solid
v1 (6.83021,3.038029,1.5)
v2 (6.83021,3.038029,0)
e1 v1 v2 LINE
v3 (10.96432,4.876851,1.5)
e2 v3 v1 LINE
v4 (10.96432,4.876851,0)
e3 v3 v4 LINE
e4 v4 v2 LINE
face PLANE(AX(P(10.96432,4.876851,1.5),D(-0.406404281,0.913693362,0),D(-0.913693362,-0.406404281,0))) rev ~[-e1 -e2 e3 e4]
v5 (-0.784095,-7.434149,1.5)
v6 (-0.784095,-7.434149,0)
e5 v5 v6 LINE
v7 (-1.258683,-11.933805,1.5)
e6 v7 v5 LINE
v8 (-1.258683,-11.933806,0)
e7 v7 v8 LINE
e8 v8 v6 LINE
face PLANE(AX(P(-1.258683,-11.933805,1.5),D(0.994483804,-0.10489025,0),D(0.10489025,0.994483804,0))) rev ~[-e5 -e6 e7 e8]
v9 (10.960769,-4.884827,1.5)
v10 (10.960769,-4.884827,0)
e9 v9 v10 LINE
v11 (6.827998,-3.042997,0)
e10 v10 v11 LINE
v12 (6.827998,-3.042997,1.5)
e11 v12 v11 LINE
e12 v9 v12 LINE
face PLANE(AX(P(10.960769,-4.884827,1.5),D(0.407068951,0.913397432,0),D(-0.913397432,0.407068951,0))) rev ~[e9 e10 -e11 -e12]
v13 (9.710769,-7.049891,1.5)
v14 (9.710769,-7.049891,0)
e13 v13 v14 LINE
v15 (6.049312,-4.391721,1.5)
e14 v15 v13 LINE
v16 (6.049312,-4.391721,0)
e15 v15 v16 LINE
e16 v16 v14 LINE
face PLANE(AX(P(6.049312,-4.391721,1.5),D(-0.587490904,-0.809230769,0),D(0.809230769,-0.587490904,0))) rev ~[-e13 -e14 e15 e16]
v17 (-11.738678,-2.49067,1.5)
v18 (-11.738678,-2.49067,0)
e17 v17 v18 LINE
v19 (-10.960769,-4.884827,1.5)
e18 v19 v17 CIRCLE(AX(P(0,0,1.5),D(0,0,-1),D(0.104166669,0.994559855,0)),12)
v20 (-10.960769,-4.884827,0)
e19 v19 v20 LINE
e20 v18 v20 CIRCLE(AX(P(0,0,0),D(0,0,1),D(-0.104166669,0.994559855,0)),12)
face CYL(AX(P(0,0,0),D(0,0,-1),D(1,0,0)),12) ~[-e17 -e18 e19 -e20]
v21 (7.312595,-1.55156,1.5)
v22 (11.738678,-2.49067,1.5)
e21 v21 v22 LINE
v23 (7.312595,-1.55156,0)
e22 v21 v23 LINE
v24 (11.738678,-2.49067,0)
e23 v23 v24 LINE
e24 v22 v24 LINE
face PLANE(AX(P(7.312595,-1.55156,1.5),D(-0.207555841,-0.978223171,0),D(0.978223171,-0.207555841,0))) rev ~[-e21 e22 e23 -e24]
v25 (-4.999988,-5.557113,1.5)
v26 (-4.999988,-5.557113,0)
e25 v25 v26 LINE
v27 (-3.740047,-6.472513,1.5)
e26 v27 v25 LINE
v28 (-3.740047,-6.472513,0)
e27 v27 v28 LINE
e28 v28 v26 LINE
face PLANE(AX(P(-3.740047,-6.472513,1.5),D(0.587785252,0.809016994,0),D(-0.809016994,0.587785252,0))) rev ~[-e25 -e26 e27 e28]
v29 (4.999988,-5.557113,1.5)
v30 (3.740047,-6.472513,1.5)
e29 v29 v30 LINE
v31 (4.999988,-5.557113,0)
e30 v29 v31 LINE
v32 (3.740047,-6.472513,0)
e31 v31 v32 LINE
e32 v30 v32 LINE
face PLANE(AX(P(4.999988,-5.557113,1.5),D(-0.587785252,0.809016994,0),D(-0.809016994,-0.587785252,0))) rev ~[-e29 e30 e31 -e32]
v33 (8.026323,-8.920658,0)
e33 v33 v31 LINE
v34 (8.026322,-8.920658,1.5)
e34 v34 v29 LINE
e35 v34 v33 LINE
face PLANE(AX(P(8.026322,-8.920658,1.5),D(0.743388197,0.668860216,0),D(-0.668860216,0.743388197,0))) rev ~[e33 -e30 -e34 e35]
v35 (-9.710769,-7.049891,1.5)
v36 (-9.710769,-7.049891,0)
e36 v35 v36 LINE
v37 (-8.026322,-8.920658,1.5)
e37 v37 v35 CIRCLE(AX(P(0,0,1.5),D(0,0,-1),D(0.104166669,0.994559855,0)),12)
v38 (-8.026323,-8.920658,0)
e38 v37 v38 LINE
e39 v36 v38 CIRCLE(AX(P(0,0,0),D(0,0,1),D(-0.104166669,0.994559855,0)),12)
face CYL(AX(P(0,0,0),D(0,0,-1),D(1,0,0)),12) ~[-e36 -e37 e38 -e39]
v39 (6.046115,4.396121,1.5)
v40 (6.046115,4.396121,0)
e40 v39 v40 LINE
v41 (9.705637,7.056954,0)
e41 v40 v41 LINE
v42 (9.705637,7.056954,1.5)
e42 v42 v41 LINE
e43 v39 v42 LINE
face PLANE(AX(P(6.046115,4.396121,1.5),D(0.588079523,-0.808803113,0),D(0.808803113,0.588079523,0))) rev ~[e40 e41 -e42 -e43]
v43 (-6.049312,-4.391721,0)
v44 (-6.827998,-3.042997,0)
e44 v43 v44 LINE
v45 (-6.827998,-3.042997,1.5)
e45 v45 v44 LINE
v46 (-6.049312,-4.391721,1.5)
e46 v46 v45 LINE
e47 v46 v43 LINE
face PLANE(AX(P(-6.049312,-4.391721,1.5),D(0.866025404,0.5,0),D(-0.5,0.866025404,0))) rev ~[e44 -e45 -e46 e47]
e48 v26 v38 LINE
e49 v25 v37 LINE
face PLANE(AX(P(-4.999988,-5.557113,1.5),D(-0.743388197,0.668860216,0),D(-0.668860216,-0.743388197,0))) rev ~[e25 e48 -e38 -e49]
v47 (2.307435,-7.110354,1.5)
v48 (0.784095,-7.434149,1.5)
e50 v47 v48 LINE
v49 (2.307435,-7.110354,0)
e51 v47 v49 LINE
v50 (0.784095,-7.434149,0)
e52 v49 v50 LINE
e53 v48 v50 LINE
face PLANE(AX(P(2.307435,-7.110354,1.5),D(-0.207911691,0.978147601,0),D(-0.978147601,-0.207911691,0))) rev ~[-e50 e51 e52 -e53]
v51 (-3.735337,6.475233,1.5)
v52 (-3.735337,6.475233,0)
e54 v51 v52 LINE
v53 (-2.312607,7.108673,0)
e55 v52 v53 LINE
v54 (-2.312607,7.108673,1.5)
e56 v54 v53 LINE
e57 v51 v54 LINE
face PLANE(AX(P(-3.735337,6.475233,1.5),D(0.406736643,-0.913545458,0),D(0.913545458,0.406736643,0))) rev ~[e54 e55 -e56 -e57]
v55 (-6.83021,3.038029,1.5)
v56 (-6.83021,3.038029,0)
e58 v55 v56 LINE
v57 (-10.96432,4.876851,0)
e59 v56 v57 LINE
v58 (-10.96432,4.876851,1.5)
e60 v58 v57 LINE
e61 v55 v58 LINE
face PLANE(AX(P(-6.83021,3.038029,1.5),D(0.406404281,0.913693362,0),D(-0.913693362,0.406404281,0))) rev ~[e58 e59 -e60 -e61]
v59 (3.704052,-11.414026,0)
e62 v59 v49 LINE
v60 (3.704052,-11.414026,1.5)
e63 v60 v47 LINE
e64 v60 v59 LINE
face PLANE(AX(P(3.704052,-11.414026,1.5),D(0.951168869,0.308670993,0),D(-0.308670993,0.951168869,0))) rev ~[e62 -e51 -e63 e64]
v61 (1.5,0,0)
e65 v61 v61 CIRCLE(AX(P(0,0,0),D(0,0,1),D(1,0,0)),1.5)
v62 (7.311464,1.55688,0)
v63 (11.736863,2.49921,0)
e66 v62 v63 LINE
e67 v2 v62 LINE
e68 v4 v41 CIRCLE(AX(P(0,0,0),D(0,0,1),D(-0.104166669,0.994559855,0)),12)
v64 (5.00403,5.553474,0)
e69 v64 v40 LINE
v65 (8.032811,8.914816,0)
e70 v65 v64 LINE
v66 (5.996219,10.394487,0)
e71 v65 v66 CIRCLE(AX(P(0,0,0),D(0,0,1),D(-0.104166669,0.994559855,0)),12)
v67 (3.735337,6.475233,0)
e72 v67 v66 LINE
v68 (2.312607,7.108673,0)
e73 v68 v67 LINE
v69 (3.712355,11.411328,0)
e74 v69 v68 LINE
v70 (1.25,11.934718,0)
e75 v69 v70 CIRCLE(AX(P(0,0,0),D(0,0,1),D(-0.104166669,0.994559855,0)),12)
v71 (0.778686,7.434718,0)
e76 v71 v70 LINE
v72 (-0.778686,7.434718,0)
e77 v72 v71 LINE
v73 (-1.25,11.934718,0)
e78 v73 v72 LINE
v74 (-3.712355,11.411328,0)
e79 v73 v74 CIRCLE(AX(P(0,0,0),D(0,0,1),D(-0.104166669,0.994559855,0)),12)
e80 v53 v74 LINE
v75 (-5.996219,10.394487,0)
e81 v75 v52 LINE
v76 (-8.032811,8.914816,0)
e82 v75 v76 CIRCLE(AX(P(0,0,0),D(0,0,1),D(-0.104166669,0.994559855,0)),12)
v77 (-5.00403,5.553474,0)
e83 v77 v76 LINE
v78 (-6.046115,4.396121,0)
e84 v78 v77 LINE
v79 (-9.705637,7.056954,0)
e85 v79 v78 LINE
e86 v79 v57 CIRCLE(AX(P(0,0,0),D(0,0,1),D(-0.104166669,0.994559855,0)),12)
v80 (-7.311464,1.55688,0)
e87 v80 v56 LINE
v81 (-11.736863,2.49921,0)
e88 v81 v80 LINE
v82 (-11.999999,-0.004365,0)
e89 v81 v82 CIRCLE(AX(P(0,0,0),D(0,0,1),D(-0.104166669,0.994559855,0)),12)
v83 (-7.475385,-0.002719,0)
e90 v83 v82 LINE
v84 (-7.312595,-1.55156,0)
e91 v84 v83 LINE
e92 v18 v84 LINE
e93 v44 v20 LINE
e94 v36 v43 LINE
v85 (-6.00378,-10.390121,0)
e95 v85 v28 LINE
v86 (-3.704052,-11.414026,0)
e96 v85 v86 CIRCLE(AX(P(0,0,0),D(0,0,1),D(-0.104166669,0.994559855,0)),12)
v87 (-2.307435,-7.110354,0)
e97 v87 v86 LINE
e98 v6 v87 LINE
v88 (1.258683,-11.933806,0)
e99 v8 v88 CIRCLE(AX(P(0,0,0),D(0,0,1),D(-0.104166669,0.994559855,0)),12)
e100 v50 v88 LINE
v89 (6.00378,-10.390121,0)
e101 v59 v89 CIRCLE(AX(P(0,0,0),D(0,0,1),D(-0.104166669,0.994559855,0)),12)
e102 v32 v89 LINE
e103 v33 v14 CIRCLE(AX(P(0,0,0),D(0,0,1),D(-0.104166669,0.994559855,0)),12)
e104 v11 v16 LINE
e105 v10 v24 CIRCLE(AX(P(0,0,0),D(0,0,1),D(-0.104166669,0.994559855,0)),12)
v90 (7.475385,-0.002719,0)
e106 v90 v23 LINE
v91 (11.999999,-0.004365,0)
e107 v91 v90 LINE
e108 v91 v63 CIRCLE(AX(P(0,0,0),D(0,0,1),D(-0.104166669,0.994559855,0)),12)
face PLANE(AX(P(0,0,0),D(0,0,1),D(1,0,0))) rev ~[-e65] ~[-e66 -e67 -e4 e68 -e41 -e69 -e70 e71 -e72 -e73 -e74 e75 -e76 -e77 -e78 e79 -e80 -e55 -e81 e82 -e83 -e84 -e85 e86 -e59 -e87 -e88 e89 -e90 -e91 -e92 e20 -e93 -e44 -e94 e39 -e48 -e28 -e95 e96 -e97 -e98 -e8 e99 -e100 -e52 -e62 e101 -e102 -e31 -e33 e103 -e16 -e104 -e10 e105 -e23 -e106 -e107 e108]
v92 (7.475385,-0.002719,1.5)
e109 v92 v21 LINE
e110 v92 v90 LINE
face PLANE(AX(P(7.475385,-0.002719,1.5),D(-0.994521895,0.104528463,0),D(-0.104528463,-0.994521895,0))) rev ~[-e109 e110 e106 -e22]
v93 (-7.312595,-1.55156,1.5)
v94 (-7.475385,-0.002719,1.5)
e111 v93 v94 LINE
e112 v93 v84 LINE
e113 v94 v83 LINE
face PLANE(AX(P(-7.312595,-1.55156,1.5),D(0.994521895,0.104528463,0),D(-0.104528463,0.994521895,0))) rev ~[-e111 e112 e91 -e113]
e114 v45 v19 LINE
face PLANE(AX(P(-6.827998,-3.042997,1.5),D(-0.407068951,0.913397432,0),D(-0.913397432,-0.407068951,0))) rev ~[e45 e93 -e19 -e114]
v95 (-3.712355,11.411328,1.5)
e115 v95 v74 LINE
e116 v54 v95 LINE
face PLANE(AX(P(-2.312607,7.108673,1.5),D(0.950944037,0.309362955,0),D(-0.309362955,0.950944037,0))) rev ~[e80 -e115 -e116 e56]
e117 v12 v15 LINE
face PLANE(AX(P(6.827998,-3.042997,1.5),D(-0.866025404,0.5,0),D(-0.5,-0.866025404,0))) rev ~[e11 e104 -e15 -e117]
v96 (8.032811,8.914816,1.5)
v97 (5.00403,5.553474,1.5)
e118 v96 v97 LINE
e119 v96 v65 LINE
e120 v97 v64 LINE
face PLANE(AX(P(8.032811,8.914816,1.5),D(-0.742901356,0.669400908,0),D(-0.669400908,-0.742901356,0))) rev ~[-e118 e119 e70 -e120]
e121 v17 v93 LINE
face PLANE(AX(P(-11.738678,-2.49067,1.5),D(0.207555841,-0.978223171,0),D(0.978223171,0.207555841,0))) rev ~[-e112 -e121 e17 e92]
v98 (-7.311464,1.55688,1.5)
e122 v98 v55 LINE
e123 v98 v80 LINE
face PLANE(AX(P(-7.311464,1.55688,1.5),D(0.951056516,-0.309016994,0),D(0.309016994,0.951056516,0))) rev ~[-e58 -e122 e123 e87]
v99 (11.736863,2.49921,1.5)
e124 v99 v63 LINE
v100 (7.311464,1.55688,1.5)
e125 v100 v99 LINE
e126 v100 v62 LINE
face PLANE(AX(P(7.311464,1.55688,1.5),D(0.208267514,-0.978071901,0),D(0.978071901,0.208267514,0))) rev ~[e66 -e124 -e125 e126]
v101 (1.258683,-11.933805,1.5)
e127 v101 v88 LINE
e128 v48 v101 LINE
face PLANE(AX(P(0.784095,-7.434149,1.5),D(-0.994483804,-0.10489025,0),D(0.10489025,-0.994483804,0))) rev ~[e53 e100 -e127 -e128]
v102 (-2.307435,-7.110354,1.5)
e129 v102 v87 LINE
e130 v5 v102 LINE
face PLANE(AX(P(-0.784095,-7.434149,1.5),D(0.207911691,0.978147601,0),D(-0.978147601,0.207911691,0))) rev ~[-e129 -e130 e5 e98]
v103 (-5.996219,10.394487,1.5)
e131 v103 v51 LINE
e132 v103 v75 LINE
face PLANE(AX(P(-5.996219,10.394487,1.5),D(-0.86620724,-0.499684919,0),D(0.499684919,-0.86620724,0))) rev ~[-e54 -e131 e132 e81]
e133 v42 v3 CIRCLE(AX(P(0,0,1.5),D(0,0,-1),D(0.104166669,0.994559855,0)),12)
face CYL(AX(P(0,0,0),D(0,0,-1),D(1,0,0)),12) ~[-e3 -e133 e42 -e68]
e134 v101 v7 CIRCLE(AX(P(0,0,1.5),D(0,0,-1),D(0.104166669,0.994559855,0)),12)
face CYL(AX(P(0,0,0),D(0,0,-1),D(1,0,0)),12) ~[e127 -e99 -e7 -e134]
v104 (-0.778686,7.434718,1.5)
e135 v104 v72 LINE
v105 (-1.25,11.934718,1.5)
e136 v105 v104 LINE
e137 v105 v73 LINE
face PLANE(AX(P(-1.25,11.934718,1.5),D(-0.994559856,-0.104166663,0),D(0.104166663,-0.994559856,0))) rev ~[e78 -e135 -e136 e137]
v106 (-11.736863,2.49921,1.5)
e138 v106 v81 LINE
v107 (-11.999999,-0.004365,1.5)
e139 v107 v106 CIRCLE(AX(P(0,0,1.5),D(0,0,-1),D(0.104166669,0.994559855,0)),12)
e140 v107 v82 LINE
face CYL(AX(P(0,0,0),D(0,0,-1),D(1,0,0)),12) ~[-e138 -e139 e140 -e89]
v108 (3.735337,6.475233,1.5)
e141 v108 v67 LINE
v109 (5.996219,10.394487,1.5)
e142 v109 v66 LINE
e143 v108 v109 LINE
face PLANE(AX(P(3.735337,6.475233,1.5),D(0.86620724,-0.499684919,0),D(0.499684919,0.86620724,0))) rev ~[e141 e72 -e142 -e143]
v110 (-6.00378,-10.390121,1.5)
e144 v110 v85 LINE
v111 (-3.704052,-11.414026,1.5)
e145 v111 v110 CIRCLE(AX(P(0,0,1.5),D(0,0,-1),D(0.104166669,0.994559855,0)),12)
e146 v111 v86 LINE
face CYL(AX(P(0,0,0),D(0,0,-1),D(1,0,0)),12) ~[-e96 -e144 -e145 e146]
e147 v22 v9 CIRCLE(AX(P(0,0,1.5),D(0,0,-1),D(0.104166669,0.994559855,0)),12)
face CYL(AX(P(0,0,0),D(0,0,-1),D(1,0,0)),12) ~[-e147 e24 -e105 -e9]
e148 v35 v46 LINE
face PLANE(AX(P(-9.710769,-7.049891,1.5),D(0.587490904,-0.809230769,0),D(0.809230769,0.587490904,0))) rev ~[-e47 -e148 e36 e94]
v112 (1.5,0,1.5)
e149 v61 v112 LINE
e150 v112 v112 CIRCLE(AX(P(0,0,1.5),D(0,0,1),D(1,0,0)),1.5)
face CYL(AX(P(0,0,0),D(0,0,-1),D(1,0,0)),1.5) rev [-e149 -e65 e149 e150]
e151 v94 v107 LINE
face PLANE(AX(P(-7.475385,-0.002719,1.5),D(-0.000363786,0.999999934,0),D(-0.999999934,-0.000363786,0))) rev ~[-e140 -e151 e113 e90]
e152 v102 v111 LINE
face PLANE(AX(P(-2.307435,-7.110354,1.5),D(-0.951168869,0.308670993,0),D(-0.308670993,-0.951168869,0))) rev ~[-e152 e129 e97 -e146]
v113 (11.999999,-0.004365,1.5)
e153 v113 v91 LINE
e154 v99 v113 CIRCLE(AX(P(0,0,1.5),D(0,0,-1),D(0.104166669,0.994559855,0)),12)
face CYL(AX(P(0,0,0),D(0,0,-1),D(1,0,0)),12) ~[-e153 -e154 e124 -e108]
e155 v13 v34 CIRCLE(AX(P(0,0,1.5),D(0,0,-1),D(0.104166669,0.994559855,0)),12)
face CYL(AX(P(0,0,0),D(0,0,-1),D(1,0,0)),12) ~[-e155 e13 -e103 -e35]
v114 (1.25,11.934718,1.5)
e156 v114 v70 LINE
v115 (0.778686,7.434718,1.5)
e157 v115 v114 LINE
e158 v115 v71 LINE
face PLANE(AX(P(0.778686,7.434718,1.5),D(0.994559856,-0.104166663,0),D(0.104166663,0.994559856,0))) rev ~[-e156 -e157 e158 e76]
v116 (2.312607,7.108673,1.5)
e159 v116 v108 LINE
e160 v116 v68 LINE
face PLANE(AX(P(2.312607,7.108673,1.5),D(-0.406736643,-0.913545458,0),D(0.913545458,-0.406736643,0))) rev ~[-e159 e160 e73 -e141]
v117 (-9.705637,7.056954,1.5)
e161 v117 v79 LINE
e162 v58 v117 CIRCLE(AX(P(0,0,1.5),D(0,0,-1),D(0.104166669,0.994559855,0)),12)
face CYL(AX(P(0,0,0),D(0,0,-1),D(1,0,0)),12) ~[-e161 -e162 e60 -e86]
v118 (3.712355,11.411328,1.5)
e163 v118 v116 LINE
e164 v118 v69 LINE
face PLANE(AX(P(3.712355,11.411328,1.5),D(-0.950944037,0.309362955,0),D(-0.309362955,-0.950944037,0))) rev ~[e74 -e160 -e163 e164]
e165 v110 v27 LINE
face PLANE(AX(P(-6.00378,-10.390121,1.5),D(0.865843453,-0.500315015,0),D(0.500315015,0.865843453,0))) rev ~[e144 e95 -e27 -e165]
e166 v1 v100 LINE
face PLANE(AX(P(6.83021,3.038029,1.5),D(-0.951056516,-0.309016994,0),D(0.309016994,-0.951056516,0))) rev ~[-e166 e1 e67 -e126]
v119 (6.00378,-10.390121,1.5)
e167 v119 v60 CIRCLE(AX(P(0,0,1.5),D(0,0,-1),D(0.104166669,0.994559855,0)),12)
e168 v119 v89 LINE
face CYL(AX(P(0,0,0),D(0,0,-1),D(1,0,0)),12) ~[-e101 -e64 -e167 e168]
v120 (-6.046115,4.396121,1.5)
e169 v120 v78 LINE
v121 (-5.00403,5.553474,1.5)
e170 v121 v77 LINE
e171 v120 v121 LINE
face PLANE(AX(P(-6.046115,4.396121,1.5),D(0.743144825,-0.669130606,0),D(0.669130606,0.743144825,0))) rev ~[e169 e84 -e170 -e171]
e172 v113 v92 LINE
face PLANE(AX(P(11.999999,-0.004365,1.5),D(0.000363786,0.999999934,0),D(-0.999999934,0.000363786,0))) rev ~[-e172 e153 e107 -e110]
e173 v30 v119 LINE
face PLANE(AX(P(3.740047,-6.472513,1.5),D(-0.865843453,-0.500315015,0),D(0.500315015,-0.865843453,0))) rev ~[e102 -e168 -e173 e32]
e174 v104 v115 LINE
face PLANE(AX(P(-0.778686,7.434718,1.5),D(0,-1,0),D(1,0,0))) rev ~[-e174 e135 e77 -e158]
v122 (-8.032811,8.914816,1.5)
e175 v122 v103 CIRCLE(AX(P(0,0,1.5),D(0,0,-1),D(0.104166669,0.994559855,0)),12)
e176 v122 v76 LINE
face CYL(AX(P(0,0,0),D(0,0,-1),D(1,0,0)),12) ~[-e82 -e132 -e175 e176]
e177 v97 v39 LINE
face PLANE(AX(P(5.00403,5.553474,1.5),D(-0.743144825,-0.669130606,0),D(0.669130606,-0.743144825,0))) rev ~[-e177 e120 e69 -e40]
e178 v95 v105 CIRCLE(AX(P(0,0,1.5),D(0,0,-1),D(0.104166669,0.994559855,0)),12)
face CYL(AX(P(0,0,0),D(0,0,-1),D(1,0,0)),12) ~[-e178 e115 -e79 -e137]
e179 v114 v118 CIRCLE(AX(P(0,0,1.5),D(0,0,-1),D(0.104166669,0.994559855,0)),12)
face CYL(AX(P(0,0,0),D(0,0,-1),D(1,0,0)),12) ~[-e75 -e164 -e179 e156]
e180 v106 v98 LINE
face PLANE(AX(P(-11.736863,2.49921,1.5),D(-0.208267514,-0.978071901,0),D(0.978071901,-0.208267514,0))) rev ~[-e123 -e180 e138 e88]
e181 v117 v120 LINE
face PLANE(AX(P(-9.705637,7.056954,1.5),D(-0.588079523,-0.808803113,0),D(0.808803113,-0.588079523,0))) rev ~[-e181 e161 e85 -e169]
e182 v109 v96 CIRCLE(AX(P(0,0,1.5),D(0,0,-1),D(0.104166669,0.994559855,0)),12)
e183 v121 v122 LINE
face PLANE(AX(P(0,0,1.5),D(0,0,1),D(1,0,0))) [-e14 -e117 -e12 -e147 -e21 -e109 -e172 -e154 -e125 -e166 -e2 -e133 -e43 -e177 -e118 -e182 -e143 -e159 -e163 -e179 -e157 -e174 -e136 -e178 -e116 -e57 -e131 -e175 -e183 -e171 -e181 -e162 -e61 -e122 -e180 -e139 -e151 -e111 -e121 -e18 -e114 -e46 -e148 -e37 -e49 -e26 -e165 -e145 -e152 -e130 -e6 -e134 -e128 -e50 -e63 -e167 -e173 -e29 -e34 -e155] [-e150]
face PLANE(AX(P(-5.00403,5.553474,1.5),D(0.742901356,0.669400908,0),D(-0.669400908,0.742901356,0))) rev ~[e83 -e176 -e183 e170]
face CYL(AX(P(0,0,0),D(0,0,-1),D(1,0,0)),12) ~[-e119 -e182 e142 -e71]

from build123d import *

# Parameters (mm, degrees)
SKETCH_R           = 12
SKETCH_R_2         = 1.5
PAD_DEPTH          = 1.5
POCKET_DEPTH       = 5
POLARPATTERN_COUNT = 15


with BuildPart() as part:
    # Sketch → Pad (new body)
    with BuildSketch(Plane.XY):
        Circle(SKETCH_R)
        Circle(SKETCH_R_2, mode=Mode.SUBTRACT)
    extrude(amount=PAD_DEPTH)

    # Sketch001 → Pocket (cut)
    with BuildSketch(Plane.XY.offset(1.5)):
        with BuildLine():
            ThreePointArc((1.25, 11.934718), (0, 12), (-1.25, 11.934718))
            Line((-1.25, 11.934718), (-0.778686, 7.434718))
            Line((-0.778686, 7.434718), (0.778686, 7.434718))
            Line((0.778686, 7.434718), (1.25, 11.934718))
        make_face()
    pocket = extrude(amount=-POCKET_DEPTH, mode=Mode.SUBTRACT)

    # PolarPattern: Pocket ×15 about axis
    polarpattern_axis = Axis((0, 0, 1.5), (0, 0, 1))
    for i in range(1, POLARPATTERN_COUNT):
        add(pocket.rotate(polarpattern_axis, i * 360 / POLARPATTERN_COUNT), mode=Mode.SUBTRACT)


solid = part.part
